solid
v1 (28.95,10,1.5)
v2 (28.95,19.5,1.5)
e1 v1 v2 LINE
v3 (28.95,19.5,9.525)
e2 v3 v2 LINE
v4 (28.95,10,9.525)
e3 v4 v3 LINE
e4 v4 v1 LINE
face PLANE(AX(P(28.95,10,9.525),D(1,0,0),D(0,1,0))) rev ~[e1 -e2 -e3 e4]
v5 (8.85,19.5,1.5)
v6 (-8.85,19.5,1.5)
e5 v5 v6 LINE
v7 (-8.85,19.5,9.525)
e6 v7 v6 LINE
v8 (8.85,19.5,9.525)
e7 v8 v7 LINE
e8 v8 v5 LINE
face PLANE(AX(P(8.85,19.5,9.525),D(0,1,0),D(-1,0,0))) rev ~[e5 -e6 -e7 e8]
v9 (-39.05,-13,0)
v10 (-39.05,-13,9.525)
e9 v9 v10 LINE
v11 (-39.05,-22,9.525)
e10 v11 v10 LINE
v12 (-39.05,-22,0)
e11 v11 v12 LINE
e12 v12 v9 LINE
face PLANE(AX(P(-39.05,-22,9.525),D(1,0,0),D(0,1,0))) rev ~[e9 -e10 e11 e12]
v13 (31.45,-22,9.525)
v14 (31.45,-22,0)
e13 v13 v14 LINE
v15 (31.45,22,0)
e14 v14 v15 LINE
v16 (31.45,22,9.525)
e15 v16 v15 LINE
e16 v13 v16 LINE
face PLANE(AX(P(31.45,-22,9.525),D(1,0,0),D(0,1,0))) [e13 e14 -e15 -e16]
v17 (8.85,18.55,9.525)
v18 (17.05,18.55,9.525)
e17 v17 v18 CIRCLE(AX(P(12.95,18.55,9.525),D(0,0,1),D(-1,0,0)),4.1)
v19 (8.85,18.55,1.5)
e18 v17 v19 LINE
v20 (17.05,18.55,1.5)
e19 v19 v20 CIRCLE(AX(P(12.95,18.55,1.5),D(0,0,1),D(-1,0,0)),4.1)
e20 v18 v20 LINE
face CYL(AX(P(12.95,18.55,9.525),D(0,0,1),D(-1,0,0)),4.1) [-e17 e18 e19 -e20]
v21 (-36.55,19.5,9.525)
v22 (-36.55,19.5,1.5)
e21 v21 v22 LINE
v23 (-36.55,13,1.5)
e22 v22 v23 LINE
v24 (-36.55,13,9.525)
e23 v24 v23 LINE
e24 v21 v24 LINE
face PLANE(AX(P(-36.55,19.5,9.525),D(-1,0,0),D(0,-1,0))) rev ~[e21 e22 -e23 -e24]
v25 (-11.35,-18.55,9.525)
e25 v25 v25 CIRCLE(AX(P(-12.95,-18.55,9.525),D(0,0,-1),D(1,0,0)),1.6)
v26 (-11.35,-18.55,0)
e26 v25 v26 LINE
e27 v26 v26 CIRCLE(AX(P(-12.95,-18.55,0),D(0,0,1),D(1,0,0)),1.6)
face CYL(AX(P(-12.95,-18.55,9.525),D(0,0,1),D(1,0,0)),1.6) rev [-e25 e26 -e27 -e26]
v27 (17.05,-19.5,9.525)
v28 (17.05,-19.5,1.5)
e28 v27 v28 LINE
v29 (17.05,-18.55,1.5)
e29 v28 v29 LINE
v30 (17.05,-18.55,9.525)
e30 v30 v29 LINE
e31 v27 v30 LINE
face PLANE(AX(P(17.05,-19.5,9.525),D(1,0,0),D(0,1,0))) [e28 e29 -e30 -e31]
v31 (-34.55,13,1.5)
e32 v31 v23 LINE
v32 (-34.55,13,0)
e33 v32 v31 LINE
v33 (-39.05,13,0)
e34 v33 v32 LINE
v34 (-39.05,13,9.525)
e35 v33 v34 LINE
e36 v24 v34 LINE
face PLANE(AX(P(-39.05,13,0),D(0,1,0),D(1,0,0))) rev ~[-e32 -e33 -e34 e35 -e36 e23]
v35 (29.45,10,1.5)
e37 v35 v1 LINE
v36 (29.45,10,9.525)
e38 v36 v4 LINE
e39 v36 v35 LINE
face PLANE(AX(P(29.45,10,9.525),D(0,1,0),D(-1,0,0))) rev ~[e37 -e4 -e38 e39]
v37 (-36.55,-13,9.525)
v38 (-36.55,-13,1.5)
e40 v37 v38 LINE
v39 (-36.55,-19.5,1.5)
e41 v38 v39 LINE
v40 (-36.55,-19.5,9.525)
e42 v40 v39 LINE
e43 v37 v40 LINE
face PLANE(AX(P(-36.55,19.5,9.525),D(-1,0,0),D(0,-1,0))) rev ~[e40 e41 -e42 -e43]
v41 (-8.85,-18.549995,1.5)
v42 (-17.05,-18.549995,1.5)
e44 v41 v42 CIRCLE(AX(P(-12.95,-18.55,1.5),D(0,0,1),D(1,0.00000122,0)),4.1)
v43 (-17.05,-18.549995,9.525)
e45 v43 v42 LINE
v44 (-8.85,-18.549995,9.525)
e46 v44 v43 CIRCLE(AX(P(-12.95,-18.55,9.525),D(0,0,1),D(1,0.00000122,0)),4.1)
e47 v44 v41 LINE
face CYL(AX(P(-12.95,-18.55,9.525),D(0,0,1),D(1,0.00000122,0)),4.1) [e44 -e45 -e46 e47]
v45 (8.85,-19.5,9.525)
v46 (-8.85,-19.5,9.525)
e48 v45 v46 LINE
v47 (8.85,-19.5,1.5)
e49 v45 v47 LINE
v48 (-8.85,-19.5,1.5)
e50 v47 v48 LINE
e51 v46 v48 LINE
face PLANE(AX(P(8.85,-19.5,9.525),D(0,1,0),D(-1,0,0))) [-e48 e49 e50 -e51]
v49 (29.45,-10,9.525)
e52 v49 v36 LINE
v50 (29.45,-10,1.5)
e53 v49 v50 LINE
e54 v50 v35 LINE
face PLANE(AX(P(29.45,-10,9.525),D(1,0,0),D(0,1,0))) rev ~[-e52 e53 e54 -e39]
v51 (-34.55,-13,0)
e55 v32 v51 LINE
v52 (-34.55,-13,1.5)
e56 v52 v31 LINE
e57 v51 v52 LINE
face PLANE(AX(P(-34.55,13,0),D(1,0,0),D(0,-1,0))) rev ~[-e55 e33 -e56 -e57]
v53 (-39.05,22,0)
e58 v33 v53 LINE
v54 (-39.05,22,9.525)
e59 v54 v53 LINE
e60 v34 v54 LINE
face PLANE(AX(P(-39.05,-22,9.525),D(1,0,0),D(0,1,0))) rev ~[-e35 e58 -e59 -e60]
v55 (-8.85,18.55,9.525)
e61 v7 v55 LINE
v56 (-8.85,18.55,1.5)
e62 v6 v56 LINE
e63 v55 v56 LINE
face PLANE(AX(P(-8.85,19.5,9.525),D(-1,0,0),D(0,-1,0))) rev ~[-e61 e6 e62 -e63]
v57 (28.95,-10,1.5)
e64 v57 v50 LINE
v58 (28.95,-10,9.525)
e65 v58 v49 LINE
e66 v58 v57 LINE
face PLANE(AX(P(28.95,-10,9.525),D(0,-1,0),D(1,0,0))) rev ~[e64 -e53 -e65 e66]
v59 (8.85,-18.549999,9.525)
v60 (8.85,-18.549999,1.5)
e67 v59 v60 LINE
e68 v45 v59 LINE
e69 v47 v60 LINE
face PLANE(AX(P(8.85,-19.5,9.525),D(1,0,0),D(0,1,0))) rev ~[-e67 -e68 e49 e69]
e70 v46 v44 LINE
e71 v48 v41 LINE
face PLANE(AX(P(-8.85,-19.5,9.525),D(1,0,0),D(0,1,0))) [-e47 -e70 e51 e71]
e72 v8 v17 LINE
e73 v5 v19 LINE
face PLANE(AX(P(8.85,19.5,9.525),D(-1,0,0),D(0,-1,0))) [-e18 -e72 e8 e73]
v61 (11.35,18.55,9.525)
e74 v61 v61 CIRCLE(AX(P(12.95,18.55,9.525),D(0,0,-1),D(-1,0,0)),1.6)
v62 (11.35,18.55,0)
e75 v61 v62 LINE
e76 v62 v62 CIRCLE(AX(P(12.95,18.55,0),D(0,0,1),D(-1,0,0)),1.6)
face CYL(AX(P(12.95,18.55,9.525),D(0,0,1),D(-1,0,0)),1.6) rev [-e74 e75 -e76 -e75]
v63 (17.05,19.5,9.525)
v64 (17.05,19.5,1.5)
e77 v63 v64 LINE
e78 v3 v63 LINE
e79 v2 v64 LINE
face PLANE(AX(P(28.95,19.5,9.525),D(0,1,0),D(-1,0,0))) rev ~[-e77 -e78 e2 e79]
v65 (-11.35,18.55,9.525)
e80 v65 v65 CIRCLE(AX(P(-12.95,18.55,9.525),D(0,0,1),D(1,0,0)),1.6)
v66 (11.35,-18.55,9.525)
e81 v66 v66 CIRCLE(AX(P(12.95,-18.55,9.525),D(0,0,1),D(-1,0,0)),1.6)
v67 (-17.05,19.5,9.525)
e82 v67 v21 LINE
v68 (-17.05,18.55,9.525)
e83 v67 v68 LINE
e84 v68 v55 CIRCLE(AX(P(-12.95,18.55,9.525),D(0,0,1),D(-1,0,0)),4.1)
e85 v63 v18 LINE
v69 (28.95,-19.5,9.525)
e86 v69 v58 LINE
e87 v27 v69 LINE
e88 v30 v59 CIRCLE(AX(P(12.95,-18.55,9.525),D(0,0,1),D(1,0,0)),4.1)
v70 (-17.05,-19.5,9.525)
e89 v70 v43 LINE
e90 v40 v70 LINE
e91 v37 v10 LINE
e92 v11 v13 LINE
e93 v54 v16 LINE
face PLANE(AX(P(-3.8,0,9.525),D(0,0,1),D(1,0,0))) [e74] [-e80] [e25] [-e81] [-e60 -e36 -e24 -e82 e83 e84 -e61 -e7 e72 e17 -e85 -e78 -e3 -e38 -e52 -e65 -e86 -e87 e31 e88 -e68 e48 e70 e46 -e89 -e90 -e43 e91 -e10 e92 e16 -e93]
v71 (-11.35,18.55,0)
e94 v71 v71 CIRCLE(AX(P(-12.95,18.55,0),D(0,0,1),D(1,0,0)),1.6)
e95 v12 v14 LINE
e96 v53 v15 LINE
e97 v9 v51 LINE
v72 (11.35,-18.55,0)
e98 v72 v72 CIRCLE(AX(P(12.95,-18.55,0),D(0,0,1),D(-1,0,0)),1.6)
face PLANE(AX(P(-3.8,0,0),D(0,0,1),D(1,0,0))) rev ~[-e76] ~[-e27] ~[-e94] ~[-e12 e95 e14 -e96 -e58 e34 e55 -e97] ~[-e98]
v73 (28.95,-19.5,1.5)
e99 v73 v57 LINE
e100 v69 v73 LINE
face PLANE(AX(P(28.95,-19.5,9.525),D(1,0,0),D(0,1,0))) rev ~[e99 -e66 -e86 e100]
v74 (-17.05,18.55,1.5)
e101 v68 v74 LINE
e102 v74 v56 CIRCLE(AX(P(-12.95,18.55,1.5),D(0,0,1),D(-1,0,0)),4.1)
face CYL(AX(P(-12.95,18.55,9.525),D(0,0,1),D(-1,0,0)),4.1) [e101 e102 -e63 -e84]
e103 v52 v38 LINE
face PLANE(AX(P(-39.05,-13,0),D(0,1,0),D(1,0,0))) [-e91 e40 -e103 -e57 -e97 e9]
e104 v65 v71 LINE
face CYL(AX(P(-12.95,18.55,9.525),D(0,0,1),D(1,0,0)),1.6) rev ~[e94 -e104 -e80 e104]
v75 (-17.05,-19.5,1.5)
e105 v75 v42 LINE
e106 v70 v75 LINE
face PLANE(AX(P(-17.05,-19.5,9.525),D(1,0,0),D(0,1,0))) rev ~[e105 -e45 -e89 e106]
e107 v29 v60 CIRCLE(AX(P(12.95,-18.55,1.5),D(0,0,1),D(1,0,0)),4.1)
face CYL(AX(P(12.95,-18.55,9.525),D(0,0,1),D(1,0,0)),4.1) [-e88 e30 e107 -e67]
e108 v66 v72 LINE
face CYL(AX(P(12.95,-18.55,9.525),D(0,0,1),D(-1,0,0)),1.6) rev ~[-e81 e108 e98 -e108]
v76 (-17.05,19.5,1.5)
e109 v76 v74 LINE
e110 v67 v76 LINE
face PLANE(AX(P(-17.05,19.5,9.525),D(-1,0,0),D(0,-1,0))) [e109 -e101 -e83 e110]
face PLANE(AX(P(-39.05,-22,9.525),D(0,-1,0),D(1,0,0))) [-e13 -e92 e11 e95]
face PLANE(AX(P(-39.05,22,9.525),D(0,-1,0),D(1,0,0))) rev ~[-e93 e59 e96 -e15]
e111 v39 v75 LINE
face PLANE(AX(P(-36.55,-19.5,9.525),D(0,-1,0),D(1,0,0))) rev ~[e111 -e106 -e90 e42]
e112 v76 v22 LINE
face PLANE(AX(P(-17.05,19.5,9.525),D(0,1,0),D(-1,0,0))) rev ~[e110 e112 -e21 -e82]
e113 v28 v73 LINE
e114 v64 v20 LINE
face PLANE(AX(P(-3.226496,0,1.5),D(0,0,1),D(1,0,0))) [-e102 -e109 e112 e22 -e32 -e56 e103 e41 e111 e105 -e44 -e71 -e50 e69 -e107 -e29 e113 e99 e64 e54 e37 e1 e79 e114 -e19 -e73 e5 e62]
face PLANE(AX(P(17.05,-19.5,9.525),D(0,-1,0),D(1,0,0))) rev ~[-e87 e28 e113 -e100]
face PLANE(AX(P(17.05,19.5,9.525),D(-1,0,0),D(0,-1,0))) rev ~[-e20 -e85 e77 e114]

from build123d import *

# Parameters (mm, degrees)
SKETCH_W                = 70.5
SKETCH_H                = 44
PAD_DEPTH               = 9.525
SKETCH001_R             = 1.6
POCKET_DEPTH            = 176.821853
SKETCH001_MIRRORED_2_R  = 1.6
POCKET_MIRRORED_2_DEPTH = 176.821853
POCKET001_DEPTH         = 8.025
SKETCH003_W             = 4.5
SKETCH003_H             = 26
POCKET002_DEPTH         = 9.526


with BuildPart() as part:
    # Sketch → Pad (new body)
    with BuildSketch(Plane.XY):
        with Locations((-3.8, 0)):
            Rectangle(SKETCH_W, SKETCH_H)
    extrude(amount=-PAD_DEPTH)

    # Sketch001 (on Face5 of Pad) → Pocket (cut, through all)
    with BuildSketch(Plane.XY):
        with Locations((-12.95, 18.55)):
            Circle(SKETCH001_R)
    pocket = extrude(amount=-POCKET_DEPTH, mode=Mode.SUBTRACT)

    # Sketch001 Mirrored 2 → Pocket Mirrored 2 (cut, through all)
    with BuildSketch(Plane(origin=(0, 0, 0), x_dir=(-1, 0, 0), z_dir=(0, 0, -1))):
        with Locations((-12.95, 18.55)):
            Circle(SKETCH001_MIRRORED_2_R)
    pocket_mirrored_2 = extrude(amount=POCKET_MIRRORED_2_DEPTH, mode=Mode.SUBTRACT)

    # Mirrored001: Pocket, Pocket Mirrored 2 across XZ
    add(pocket.mirror(Plane.XZ), mode=Mode.SUBTRACT)
    add(pocket_mirrored_2.mirror(Plane.XZ), mode=Mode.SUBTRACT)

    # Sketch002 (on Face4 of MultiTransform) → Pocket001 (cut)
    with BuildSketch(Plane.XY):
        with BuildLine():
            Line((29.45, -10), (29.45, 10))
            Line((29.45, 10), (28.95, 10))
            Line((28.95, 10), (28.95, 19.5))
            Line((28.95, 19.5), (17.05, 19.5))
            Line((17.05, 19.5), (17.05, 18.55))
            ThreePointArc((8.85, 18.55), (12.95, 14.45), (17.05, 18.55))
            Line((8.85, 19.5), (8.85, 18.55))
            Line((8.85, 19.5), (-8.85, 19.5))
            Line((-8.85, 19.5), (-8.85, 18.55))
            ThreePointArc((-17.05, 18.55), (-12.95, 14.45), (-8.85, 18.55))
            Line((-17.05, 19.5), (-17.05, 18.55))
            Line((-17.05, 19.5), (-36.55, 19.5))
            Line((-36.55, 19.5), (-36.55, -19.5))
            Line((-36.55, -19.5), (-17.05, -19.5))
            Line((-17.05, -19.5), (-17.05, -18.549995))
            ThreePointArc((-8.85, -18.549995), (-12.95, -14.45), (-17.05, -18.549995))
            Line((-8.85, -19.5), (-8.85, -18.549995))
            Line((8.85, -19.5), (-8.85, -19.5))
            Line((8.85, -19.5), (8.85, -18.549999))
            ThreePointArc((17.05, -18.55), (12.95, -14.45), (8.85, -18.549999))
            Line((17.05, -19.5), (17.05, -18.55))
            Line((17.05, -19.5), (28.95, -19.5))
            Line((28.95, -19.5), (28.95, -10))
            Line((28.95, -10), (29.45, -10))
        make_face()
    extrude(amount=-POCKET001_DEPTH, mode=Mode.SUBTRACT)

    # Sketch003 (on Face5 of Pocket001) → Pocket002 (cut, through all)
    with BuildSketch(Plane(origin=(0, 0, -9.525), x_dir=(1, 0, 0), z_dir=(0, 0, -1))):
        with Locations((-36.8, 0)):
            Rectangle(SKETCH003_W, SKETCH003_H)
    extrude(amount=-POCKET002_DEPTH, mode=Mode.SUBTRACT)


with BuildPart() as part_1:
    # Clone001 placement: moved
    add(part.part.moved(Location((0, 0, 9.525))))


solid = part_1.part
